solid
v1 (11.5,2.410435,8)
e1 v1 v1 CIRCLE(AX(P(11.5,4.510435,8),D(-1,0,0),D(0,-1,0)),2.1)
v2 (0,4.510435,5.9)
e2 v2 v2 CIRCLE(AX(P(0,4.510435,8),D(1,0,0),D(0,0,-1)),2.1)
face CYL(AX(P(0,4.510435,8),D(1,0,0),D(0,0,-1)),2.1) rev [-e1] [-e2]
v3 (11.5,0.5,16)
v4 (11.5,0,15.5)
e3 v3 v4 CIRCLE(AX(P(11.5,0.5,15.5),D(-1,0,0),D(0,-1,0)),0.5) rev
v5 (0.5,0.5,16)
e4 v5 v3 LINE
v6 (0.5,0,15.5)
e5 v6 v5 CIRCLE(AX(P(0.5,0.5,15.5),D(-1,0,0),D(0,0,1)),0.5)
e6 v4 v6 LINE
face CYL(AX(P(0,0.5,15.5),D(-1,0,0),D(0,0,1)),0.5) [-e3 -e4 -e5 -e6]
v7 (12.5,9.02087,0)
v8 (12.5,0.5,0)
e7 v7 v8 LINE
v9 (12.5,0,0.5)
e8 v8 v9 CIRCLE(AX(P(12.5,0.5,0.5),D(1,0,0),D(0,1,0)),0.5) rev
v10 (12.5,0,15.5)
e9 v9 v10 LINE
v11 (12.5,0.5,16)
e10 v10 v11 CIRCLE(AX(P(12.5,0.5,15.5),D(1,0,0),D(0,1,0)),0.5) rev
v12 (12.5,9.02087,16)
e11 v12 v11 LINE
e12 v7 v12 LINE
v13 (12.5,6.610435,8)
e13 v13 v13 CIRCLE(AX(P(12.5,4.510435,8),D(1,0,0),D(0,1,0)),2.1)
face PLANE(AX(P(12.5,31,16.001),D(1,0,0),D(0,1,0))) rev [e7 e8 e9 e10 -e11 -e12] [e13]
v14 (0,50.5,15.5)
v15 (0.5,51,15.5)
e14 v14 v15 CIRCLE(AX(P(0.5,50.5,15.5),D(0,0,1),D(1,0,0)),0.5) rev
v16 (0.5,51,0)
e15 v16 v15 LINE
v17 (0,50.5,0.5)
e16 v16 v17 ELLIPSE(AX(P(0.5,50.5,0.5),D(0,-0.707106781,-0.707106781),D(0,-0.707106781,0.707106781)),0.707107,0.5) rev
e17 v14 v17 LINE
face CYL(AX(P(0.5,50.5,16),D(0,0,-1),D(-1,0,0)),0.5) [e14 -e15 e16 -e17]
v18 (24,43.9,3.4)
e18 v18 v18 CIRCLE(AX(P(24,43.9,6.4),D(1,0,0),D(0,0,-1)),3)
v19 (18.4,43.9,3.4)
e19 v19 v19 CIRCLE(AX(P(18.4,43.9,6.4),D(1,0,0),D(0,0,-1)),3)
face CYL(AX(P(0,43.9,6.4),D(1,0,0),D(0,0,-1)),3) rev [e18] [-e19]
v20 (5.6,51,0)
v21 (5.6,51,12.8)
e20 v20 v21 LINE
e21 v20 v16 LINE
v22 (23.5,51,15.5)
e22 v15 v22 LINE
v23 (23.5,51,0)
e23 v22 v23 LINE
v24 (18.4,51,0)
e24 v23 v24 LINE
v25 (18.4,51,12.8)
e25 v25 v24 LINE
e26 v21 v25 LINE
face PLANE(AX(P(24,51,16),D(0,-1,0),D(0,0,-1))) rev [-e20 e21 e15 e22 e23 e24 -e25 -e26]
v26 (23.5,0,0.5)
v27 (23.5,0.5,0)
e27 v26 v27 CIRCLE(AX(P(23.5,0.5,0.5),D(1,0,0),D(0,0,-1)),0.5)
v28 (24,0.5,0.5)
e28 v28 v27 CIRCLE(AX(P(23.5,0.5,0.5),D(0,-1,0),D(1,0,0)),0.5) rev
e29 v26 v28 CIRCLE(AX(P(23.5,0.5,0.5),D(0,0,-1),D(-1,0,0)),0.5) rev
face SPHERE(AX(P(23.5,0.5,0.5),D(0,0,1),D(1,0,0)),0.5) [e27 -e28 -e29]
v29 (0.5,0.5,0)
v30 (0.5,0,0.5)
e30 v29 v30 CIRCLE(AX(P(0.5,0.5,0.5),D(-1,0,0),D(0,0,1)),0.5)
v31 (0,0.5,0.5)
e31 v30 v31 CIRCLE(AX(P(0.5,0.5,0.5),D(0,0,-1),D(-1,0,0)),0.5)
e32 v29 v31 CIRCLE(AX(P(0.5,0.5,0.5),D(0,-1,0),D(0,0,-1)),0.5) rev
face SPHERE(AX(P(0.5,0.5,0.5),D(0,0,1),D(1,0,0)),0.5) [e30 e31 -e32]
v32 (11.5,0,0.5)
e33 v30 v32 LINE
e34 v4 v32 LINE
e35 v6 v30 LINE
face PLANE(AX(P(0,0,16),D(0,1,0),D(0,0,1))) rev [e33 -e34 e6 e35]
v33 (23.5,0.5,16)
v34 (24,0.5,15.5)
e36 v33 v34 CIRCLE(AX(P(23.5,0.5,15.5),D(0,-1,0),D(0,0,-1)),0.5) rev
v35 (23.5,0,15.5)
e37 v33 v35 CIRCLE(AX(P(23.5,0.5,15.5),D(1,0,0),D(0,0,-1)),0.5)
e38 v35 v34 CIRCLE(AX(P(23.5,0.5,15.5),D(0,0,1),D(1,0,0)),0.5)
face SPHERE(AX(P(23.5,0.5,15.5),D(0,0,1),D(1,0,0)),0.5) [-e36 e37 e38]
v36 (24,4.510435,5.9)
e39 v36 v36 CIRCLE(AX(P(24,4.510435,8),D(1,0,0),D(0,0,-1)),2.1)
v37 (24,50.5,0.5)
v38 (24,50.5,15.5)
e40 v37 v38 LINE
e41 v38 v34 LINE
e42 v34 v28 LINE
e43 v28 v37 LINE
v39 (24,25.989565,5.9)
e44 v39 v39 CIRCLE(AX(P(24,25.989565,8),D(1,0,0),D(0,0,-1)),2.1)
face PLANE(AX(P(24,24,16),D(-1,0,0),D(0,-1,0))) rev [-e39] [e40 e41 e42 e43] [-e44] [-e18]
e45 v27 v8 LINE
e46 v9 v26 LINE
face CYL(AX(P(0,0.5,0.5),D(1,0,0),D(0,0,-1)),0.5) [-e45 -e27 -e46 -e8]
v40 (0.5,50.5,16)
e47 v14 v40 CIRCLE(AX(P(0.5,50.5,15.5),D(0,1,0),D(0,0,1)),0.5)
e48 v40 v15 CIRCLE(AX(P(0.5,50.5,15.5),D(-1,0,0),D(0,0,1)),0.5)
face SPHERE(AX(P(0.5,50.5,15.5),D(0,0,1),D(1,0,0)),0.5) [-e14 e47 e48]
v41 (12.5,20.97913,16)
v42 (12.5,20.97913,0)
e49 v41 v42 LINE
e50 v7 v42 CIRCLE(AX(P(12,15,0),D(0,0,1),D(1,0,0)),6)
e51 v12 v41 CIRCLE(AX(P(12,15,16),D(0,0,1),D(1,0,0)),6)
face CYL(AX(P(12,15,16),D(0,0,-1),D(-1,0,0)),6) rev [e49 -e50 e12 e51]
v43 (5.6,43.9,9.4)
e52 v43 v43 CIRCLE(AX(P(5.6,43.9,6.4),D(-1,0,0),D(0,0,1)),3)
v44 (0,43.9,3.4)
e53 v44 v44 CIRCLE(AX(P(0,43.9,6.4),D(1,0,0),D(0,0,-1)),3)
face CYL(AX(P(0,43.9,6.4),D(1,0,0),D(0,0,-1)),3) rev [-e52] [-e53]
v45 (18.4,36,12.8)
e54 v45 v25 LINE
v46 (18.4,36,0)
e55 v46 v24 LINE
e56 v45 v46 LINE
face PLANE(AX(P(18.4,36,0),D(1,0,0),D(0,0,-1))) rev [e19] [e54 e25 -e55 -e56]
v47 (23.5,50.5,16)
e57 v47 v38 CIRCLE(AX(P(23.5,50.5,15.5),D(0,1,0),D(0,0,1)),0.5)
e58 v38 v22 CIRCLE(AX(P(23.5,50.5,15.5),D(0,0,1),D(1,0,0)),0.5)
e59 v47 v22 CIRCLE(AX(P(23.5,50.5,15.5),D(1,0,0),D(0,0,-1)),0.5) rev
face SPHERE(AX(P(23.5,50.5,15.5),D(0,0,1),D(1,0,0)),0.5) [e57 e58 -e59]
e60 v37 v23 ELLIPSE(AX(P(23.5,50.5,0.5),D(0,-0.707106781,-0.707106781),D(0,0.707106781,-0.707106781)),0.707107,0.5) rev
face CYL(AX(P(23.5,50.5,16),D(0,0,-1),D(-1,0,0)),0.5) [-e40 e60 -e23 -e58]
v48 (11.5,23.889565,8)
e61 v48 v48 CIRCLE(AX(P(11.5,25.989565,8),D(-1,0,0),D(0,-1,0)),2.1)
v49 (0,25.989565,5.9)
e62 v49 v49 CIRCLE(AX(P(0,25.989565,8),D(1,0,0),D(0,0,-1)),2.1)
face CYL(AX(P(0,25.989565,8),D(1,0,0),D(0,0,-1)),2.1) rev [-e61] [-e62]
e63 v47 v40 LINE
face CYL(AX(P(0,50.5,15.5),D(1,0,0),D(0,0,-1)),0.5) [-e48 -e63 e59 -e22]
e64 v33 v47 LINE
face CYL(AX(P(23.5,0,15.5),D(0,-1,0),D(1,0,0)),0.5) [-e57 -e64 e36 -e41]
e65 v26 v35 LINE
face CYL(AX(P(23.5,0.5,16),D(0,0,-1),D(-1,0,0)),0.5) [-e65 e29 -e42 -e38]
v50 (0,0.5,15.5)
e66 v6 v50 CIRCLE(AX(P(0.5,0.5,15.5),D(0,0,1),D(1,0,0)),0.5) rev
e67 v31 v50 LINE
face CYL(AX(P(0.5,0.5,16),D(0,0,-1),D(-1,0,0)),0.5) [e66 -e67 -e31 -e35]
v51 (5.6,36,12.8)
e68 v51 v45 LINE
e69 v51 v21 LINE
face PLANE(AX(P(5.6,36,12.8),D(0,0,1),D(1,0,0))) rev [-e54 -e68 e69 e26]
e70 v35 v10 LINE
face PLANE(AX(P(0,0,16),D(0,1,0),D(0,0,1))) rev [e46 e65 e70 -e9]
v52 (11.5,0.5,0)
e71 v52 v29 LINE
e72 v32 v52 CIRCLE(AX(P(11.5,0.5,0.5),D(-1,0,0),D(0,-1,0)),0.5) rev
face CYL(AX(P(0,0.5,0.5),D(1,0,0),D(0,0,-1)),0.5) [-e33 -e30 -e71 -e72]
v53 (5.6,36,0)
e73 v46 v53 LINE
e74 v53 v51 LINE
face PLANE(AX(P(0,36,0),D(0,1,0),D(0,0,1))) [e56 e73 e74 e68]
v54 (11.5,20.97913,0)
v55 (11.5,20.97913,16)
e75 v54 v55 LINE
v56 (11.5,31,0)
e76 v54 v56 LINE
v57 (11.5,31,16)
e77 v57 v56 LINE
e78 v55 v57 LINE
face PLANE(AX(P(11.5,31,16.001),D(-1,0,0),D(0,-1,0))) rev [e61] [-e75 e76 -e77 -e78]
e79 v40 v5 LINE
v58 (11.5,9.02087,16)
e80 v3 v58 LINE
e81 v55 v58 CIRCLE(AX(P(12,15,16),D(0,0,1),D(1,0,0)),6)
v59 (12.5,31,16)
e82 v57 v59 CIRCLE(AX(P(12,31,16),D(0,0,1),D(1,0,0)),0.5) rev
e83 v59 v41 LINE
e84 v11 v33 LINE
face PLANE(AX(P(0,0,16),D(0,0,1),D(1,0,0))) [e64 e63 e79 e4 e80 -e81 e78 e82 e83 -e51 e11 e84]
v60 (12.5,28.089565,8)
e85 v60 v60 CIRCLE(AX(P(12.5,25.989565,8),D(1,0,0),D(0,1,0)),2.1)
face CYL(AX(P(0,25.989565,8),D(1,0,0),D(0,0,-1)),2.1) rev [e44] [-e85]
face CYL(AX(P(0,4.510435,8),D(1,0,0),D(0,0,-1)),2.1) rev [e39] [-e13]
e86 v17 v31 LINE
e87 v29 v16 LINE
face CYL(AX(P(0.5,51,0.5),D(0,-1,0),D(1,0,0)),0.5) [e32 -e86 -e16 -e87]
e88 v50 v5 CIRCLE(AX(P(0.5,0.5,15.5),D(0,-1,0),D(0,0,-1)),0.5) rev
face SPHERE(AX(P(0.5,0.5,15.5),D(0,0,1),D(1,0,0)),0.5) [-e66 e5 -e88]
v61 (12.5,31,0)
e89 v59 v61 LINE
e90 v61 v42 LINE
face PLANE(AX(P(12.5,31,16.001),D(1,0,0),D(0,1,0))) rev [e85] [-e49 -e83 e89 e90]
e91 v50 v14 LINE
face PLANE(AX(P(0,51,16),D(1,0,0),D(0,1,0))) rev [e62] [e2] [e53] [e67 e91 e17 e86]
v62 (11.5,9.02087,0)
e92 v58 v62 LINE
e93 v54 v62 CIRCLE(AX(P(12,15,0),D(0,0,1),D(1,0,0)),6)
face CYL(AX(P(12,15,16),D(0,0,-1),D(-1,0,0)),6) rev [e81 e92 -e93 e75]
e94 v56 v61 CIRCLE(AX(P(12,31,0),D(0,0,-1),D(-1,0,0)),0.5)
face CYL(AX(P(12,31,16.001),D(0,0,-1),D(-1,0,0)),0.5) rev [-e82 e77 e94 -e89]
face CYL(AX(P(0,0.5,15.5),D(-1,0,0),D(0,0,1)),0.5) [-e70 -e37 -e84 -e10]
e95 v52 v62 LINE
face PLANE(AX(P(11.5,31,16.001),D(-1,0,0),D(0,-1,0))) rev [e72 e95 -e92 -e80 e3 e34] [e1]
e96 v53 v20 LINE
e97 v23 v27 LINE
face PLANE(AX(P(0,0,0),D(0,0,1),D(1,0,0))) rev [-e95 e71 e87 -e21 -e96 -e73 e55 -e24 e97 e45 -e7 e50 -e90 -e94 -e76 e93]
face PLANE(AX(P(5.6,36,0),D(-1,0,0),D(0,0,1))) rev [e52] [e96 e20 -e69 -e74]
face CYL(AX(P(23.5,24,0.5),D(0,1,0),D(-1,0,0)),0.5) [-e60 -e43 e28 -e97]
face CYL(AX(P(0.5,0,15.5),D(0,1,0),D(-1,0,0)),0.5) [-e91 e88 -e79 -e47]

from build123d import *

# Parameters (mm, degrees)
ESQUISSE1_R             = 6
BOSS_EXTRU_1_DEPTH      = 16
ENL_V_START             = -16
ENL_V_MAT_EXTRU_1_DEPTH = 16
ESQUISSE4_R             = 2.1
ENL_V_MAT_EXTRU_2_DEPTH = 25
ESQUISSE6_W             = 12.8
ESQUISSE6_H             = 12.8
ENL_V_MAT_EXTRU_3_DEPTH = 15
ESQUISSE7_R             = 3
ENL_V_MAT_EXTRU_5_DEPTH = 25
CONG_1_R                = 0.5


with BuildPart() as part:
    # Esquisse1 → Boss.-Extru.1 (new body)
    with BuildSketch(Plane.XY):
        Polygon((0, 0), (24, 0), (24, 24), (24, 51), (0, 51), (0, 30), align=None)
        with Locations((12, 15)):
            Circle(ESQUISSE1_R, mode=Mode.SUBTRACT)
    extrude(amount=BOSS_EXTRU_1_DEPTH)

    # Esquisse2 → Enlèv. mat.-Extru.1 (cut)
    with BuildSketch(Plane(origin=(0, 0, 0), x_dir=(-1, 0, 0), z_dir=(0, 0, -1)).offset(ENL_V_START)):
        with BuildLine():
            Line((-11.5, 31), (-11.5, -14))
            ThreePointArc((-11.5, -14), (-12, -14.5), (-12.5, -14))
            Line((-12.5, -14), (-12.5, 31))
            ThreePointArc((-12.5, 31), (-12, 31.5), (-11.5, 31))
        make_face()
    extrude(amount=ENL_V_MAT_EXTRU_1_DEPTH, mode=Mode.SUBTRACT)

    # Esquisse4 → Enlèv. mat.-Extru.2 (cut, through all)
    with BuildSketch(Plane(origin=(24, 0, 0), x_dir=(0, 0, -1), z_dir=(1, 0, 0))):
        with Locations((-8, 25.989565186)):
            Circle(ESQUISSE4_R)
        with Locations((-8, 4.510434814)):
            Circle(ESQUISSE4_R)
    extrude(amount=-ENL_V_MAT_EXTRU_2_DEPTH, mode=Mode.SUBTRACT)

    # Esquisse6 → Enlèv. mat.-Extru.3 (cut)
    with BuildSketch(Plane(origin=(0, 51, 0), x_dir=(1, 0, 0), z_dir=(0, 1, 0))):
        with Locations((12, -6.4)):
            Rectangle(ESQUISSE6_W, ESQUISSE6_H)
    extrude(amount=-ENL_V_MAT_EXTRU_3_DEPTH, mode=Mode.SUBTRACT)

    # Esquisse7 → Enlèv. mat.-Extru.5 (cut, through all)
    with BuildSketch(Plane(origin=(24, 0, 0), x_dir=(0, 0, -1), z_dir=(1, 0, 0))):
        with Locations((-6.4, 43.9)):
            Circle(ESQUISSE7_R)
    extrude(amount=-ENL_V_MAT_EXTRU_5_DEPTH, mode=Mode.SUBTRACT)

    # Congé1
    cong_1_edges = [part.edges().sort_by_distance(p)[0] for p in [
        (24, 25.5, 16),
        (0, 51, 8),
        (24, 51, 8),
        (24, 0, 8),
        (0, 0, 8),
        (12, 51, 16),
        (18.25, 0, 0),
        (18.25, 0, 16),
        (0, 25.5, 16),
        (0, 25.5, 0),
        (24, 25.5, 0),
        (5.75, 0, 16),
        (5.75, 0, 0),
    ]]
    fillet(cong_1_edges, radius=CONG_1_R)


solid = part.part
